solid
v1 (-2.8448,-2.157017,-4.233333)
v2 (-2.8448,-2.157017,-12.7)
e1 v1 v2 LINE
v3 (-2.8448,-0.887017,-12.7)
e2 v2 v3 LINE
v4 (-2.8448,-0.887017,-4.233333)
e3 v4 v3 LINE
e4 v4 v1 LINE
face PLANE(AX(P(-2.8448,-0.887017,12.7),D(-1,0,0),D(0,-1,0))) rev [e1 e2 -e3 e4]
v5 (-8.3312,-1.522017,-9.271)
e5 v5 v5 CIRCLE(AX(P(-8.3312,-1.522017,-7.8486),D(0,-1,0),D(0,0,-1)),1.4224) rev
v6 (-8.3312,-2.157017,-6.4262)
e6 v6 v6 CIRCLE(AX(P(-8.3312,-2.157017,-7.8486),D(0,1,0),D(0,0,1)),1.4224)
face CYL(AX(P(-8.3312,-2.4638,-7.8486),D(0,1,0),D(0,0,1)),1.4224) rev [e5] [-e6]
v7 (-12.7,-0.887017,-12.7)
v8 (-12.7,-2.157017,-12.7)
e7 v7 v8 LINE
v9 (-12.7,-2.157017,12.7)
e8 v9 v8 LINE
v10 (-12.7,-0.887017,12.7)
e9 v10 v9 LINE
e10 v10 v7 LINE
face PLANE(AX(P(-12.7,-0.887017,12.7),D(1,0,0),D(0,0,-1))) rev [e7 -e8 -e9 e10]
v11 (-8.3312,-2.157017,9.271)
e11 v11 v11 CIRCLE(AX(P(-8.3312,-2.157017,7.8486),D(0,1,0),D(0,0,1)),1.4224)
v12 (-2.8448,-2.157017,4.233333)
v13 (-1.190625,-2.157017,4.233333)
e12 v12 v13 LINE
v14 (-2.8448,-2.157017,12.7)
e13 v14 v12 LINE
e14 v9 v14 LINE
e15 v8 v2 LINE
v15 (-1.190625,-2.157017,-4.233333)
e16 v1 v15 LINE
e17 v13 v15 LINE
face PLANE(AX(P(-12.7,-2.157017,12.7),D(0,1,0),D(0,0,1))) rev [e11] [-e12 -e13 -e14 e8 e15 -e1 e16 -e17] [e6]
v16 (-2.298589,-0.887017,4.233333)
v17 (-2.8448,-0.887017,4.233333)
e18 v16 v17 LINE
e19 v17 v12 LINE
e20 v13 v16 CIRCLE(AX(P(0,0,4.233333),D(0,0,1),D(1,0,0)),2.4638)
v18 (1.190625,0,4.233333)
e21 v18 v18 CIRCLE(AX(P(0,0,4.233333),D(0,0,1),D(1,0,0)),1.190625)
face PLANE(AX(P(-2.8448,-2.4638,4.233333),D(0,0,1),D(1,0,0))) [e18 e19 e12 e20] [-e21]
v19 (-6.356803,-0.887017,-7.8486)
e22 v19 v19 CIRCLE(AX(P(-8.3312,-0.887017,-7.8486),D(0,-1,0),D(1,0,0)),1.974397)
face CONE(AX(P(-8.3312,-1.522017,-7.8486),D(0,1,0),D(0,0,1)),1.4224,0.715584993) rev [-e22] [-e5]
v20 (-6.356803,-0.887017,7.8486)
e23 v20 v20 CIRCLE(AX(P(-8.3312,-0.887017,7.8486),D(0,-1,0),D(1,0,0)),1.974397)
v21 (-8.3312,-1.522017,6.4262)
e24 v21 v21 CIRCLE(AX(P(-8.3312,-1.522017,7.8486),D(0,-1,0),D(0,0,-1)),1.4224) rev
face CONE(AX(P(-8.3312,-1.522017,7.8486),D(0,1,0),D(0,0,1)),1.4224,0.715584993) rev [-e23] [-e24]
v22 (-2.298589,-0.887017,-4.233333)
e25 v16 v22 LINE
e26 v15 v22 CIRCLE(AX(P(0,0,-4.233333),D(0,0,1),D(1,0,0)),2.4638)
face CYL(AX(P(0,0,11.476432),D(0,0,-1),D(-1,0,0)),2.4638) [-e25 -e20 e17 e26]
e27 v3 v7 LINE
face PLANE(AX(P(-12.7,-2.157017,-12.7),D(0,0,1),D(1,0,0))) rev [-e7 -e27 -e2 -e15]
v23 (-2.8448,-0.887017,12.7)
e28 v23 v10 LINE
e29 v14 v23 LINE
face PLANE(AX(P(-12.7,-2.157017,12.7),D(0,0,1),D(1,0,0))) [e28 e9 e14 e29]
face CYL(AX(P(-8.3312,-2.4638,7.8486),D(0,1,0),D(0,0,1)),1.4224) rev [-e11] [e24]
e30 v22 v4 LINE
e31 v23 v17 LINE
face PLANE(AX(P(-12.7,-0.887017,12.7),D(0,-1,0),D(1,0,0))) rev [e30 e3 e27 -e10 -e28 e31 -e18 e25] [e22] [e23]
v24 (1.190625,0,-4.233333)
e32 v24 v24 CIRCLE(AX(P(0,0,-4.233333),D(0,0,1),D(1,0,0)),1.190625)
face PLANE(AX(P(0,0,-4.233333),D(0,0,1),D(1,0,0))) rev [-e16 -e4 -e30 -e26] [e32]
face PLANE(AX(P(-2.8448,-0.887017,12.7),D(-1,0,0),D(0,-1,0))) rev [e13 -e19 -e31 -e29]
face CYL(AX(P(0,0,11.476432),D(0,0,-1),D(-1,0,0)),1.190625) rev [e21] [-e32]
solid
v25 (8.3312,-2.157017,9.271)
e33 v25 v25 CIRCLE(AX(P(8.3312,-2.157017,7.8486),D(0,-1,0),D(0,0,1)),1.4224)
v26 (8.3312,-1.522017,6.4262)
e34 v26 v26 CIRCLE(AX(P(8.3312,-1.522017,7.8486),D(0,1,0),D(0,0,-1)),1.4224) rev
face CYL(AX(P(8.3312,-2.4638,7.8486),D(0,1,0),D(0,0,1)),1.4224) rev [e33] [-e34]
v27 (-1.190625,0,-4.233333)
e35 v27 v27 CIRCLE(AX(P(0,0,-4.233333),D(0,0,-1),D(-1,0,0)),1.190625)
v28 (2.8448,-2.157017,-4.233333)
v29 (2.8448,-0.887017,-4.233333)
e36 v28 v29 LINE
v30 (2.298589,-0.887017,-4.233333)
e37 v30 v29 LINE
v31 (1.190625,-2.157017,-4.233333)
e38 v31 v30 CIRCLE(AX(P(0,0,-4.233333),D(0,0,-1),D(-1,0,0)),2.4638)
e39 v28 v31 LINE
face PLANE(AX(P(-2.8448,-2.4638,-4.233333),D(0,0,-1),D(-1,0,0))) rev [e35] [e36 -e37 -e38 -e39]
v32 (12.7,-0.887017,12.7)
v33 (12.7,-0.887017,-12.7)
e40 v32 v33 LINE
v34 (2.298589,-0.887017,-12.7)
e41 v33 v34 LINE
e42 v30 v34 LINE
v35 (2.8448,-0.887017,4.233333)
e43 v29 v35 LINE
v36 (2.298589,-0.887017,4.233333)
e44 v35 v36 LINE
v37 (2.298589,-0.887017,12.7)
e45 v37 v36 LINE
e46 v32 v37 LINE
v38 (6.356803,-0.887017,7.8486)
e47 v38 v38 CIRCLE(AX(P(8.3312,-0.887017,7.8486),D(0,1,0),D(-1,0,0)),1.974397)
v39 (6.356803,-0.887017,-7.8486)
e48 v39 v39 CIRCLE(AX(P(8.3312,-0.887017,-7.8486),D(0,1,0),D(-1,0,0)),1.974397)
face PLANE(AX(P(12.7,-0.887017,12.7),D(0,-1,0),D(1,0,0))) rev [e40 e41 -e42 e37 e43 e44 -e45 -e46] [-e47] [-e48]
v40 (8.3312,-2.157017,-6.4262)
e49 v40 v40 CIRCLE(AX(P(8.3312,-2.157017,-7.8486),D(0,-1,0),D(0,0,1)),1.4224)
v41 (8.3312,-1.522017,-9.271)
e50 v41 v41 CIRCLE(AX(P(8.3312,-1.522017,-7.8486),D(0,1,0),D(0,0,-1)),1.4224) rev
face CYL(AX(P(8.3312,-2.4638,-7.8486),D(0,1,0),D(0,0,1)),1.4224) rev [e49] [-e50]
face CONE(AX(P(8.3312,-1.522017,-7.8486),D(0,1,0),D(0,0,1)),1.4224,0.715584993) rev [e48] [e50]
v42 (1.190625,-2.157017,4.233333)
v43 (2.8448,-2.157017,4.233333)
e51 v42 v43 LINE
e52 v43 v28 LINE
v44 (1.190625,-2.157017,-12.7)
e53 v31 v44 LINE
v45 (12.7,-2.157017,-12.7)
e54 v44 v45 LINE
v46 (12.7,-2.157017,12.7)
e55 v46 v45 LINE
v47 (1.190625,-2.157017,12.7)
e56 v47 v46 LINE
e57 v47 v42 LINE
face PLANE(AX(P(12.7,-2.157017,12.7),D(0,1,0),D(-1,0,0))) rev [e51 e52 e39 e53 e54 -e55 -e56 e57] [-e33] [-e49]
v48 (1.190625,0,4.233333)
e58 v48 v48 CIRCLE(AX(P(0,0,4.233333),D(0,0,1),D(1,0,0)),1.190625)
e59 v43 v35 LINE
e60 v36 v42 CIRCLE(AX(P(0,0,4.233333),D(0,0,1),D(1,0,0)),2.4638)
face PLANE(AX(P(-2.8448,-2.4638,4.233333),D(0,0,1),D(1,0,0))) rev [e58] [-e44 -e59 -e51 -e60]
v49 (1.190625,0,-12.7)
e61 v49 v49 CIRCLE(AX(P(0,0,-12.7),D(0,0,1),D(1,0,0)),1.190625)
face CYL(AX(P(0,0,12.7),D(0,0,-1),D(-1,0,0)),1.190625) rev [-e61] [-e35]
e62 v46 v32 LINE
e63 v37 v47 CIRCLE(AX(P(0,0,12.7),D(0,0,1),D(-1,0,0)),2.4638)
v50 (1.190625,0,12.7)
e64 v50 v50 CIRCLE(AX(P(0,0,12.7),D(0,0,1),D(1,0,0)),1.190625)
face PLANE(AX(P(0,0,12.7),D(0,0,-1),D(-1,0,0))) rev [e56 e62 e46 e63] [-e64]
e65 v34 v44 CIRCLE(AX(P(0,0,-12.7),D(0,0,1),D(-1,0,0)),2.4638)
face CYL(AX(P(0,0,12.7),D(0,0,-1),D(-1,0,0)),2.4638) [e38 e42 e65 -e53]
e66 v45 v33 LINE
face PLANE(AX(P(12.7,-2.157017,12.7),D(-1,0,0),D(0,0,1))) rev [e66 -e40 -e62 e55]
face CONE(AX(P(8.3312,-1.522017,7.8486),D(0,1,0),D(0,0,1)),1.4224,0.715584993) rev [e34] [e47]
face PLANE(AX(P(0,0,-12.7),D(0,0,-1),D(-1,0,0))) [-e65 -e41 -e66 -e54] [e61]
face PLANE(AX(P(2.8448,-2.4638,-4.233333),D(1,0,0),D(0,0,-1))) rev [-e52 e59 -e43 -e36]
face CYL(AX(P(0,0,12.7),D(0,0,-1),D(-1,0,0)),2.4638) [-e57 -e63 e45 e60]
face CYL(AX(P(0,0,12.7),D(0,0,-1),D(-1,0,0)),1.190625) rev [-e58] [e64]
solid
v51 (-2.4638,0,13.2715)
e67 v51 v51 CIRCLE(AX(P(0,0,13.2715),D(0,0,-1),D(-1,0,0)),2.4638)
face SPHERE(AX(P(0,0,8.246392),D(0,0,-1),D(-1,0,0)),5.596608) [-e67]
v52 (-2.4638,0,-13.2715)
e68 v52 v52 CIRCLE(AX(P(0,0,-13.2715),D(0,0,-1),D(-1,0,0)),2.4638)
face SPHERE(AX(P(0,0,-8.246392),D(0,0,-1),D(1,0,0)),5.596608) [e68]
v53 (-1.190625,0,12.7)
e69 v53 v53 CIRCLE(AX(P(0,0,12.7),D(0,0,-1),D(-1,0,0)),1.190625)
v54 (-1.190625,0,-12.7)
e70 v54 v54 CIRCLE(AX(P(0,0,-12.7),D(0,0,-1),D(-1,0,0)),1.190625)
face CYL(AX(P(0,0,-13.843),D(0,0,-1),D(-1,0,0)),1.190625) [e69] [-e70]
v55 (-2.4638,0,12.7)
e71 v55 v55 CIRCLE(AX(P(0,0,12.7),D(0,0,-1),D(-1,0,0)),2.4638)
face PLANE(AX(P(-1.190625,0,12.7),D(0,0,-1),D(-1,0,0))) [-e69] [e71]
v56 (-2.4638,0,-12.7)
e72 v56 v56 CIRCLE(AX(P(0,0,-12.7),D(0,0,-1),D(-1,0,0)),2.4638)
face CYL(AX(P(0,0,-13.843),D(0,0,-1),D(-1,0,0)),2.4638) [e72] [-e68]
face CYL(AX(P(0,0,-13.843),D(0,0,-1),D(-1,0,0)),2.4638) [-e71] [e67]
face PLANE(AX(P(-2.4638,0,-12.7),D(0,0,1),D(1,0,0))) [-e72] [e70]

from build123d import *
from OCP.BRepFilletAPI import BRepFilletAPI_MakeChamfer

# Parameters (mm, degrees)
SKETCH1_R                 = 1.190625
EXTRUDE1_DEPTH            = 12.7
SKETCH1_W                 = 9.8552
SKETCH1_H                 = 1.27
EXTRUDE1_2_DEPTH          = 12.7
SKETCH20_R                = 1.4224
EXTRUDE24_DEPTH           = 20.082626232
CHAMFER2_SIZE             = 0.635
CHAMFER2_SIZE2            = 0.551997079
CHAMFER2_OF_MIRROR2_SIZE  = 0.635
CHAMFER2_OF_MIRROR2_SIZE2 = 0.551997079
EXTRUDE4_DEPTH            = 19.94700397
EXTRUDE4_DEPTH_BACK       = 19.94700397
SKETCH8_W                 = 5.6896
SKETCH8_H                 = 8.466666666
SKETCH9_R                 = 1.190625
EXTRUDE5_DEPTH            = 8.466666667


with BuildPart() as part:
    # Sketch1 → Extrude1 (new, symmetric)
    with BuildSketch(Plane.XY):
        with BuildLine():
            Line((12.7, -2.157017049), (1.190625, -2.157017049))
            ThreePointArc((1.190625, -2.157017049), (-1.856577095, 1.619701185), (2.298588957, -0.887017049))
            Line((2.298588957, -0.887017049), (12.7, -0.887017049))
            Line((12.7, -0.887017049), (12.7, -2.157017049))
        make_face()
        Circle(SKETCH1_R, mode=Mode.SUBTRACT)
    extrude(amount=EXTRUDE1_DEPTH, both=True)


with BuildPart() as body_2:
    # Sketch1 → Extrude1 2 (new, symmetric)
    with BuildSketch(Plane.XY):
        with Locations((-7.7724, -1.522017049)):
            Rectangle(SKETCH1_W, SKETCH1_H)
    extrude(amount=EXTRUDE1_2_DEPTH, both=True)

    # Sketch20 → Extrude24 (cut, through all)
    with BuildSketch(Plane(origin=(0, -0.887017049, 0), x_dir=(1, 0, 0), z_dir=(0, 1, 0))):
        with Locations(Location((-8.3312, 7.8486, 0), (0, 0, 270))):
            Circle(SKETCH20_R)
        with Locations(Location((-8.3312, -7.8486, 0), (0, 0, 270))):
            Circle(SKETCH20_R)
    extrude24 = extrude(amount=-EXTRUDE24_DEPTH, mode=Mode.SUBTRACT)

    # Chamfer2: one chamfer whose edges measure the first distance from different faces: ONE call of the kernel's chamfer builder (chamfer() names one face for all edges)
    chamfer2_edges_1 = [body_2.edges().sort_by_distance(p)[0] for p in [
        (-8.3312, -0.887017049, -9.271),
    ]]
    chamfer2_side_1 = [body_2.faces().sort_by_distance(p)[0] for p in [
        (-8.3312, -1.522017049, -9.271),
    ]]
    chamfer2_edges_2 = [body_2.edges().sort_by_distance(p)[0] for p in [
        (-8.3312, -0.887017049, 6.4262),
    ]]
    chamfer2_side_2 = [body_2.faces().sort_by_distance(p)[0] for p in [
        (-8.3312, -1.522017049, 6.4262),
    ]]
    chamfer2 = BRepFilletAPI_MakeChamfer(body_2.part.solid().wrapped)
    for e in chamfer2_edges_1:
        chamfer2.Add(CHAMFER2_SIZE, CHAMFER2_SIZE2, e.wrapped, chamfer2_side_1[0].wrapped)  # the first distance lies on this face
    for e in chamfer2_edges_2:
        chamfer2.Add(CHAMFER2_SIZE, CHAMFER2_SIZE2, e.wrapped, chamfer2_side_2[0].wrapped)  # the first distance lies on this face
    add(Compound.cast(chamfer2.Shape()), mode=Mode.REPLACE)

    # Sketch9 → Extrude5 (add)
    with BuildSketch(Plane.XY.offset(-4.233333333)):
        with BuildLine():
            Line((-2.298588957, -0.887017049), (-2.8448, -0.887017049))
            Line((-2.8448, -0.887017049), (-2.8448, -2.157017049))
            Line((-2.8448, -2.157017049), (-1.190625, -2.157017049))
            ThreePointArc((-1.190625, -2.157017049), (1.856577095, 1.619701185), (-2.298588957, -0.887017049))
        make_face()
        with Locations(Location((0, 0, 0), (0, 0, 180))):
            Circle(SKETCH9_R, mode=Mode.SUBTRACT)
    extrude(amount=EXTRUDE5_DEPTH)


with BuildPart() as body_3:
    # Sketch6 → Revolve1 (revolve)
    with BuildSketch(Plane(origin=(0, 0, 0), x_dir=(1, 0, 0), z_dir=(0, 1, 0))):
        with BuildLine():
            Line((-2.4638, -12.7), (-2.4638, -13.2715))
            ThreePointArc((-2.4638, -13.2715), (-1.264606924, -13.698253184), (0, -13.843))
            Line((0, -13.843), (0, 13.843))
            ThreePointArc((0, 13.843), (-1.264606924, 13.698253184), (-2.4638, 13.2715))
            Line((-2.4638, 13.2715), (-2.4638, 12.7))
            Line((-2.4638, 12.7), (-1.190625, 12.7))
            Line((-1.190625, 12.7), (-1.190625, -12.7))
            Line((-1.190625, -12.7), (-2.4638, -12.7))
        make_face()
    revolve(axis=Axis((0, 0, -13.843), (0, 0, 1)))


with BuildPart() as part_1:
    add(part.part)

    # Mirror2: Extrude24 across plane
    add(extrude24.mirror(Plane(origin=(0, 0, 0), x_dir=(0, 0, 1), z_dir=(1, 0, 0))), mode=Mode.SUBTRACT)

    # Chamfer2 of Mirror2: one chamfer whose edges measure the first distance from different faces: ONE call of the kernel's chamfer builder (chamfer() names one face for all edges)
    chamfer2_of_mirror2_edges_1 = [part_1.edges().sort_by_distance(p)[0] for p in [
        (8.3312, -0.887017049, -9.271),
    ]]
    chamfer2_of_mirror2_side_1 = [part_1.faces().sort_by_distance(p)[0] for p in [
        (8.3312, -1.522017049, -9.271),
    ]]
    chamfer2_of_mirror2_edges_2 = [part_1.edges().sort_by_distance(p)[0] for p in [
        (8.3312, -0.887017049, 6.4262),
    ]]
    chamfer2_of_mirror2_side_2 = [part_1.faces().sort_by_distance(p)[0] for p in [
        (8.3312, -1.522017049, 6.4262),
    ]]
    chamfer2_of_mirror2 = BRepFilletAPI_MakeChamfer(part_1.part.solid().wrapped)
    for e in chamfer2_of_mirror2_edges_1:
        chamfer2_of_mirror2.Add(CHAMFER2_OF_MIRROR2_SIZE, CHAMFER2_OF_MIRROR2_SIZE2, e.wrapped, chamfer2_of_mirror2_side_1[0].wrapped)  # the first distance lies on this face
    for e in chamfer2_of_mirror2_edges_2:
        chamfer2_of_mirror2.Add(CHAMFER2_OF_MIRROR2_SIZE, CHAMFER2_OF_MIRROR2_SIZE2, e.wrapped, chamfer2_of_mirror2_side_2[0].wrapped)  # the first distance lies on this face
    add(Compound.cast(chamfer2_of_mirror2.Shape()), mode=Mode.REPLACE)

    # Sketch8 → Extrude4 (cut, two sides: drawn at the far end of the back side and taken through both)
    with BuildSketch(Plane(origin=(0, 0, 0), x_dir=(1, 0, 0), z_dir=(0, 1, 0)).offset(-EXTRUDE4_DEPTH_BACK)):
        Rectangle(SKETCH8_W, SKETCH8_H)
    extrude(amount=EXTRUDE4_DEPTH + EXTRUDE4_DEPTH_BACK, mode=Mode.SUBTRACT)


solid = Compound([body_2.part, body_3.part, part_1.part])
